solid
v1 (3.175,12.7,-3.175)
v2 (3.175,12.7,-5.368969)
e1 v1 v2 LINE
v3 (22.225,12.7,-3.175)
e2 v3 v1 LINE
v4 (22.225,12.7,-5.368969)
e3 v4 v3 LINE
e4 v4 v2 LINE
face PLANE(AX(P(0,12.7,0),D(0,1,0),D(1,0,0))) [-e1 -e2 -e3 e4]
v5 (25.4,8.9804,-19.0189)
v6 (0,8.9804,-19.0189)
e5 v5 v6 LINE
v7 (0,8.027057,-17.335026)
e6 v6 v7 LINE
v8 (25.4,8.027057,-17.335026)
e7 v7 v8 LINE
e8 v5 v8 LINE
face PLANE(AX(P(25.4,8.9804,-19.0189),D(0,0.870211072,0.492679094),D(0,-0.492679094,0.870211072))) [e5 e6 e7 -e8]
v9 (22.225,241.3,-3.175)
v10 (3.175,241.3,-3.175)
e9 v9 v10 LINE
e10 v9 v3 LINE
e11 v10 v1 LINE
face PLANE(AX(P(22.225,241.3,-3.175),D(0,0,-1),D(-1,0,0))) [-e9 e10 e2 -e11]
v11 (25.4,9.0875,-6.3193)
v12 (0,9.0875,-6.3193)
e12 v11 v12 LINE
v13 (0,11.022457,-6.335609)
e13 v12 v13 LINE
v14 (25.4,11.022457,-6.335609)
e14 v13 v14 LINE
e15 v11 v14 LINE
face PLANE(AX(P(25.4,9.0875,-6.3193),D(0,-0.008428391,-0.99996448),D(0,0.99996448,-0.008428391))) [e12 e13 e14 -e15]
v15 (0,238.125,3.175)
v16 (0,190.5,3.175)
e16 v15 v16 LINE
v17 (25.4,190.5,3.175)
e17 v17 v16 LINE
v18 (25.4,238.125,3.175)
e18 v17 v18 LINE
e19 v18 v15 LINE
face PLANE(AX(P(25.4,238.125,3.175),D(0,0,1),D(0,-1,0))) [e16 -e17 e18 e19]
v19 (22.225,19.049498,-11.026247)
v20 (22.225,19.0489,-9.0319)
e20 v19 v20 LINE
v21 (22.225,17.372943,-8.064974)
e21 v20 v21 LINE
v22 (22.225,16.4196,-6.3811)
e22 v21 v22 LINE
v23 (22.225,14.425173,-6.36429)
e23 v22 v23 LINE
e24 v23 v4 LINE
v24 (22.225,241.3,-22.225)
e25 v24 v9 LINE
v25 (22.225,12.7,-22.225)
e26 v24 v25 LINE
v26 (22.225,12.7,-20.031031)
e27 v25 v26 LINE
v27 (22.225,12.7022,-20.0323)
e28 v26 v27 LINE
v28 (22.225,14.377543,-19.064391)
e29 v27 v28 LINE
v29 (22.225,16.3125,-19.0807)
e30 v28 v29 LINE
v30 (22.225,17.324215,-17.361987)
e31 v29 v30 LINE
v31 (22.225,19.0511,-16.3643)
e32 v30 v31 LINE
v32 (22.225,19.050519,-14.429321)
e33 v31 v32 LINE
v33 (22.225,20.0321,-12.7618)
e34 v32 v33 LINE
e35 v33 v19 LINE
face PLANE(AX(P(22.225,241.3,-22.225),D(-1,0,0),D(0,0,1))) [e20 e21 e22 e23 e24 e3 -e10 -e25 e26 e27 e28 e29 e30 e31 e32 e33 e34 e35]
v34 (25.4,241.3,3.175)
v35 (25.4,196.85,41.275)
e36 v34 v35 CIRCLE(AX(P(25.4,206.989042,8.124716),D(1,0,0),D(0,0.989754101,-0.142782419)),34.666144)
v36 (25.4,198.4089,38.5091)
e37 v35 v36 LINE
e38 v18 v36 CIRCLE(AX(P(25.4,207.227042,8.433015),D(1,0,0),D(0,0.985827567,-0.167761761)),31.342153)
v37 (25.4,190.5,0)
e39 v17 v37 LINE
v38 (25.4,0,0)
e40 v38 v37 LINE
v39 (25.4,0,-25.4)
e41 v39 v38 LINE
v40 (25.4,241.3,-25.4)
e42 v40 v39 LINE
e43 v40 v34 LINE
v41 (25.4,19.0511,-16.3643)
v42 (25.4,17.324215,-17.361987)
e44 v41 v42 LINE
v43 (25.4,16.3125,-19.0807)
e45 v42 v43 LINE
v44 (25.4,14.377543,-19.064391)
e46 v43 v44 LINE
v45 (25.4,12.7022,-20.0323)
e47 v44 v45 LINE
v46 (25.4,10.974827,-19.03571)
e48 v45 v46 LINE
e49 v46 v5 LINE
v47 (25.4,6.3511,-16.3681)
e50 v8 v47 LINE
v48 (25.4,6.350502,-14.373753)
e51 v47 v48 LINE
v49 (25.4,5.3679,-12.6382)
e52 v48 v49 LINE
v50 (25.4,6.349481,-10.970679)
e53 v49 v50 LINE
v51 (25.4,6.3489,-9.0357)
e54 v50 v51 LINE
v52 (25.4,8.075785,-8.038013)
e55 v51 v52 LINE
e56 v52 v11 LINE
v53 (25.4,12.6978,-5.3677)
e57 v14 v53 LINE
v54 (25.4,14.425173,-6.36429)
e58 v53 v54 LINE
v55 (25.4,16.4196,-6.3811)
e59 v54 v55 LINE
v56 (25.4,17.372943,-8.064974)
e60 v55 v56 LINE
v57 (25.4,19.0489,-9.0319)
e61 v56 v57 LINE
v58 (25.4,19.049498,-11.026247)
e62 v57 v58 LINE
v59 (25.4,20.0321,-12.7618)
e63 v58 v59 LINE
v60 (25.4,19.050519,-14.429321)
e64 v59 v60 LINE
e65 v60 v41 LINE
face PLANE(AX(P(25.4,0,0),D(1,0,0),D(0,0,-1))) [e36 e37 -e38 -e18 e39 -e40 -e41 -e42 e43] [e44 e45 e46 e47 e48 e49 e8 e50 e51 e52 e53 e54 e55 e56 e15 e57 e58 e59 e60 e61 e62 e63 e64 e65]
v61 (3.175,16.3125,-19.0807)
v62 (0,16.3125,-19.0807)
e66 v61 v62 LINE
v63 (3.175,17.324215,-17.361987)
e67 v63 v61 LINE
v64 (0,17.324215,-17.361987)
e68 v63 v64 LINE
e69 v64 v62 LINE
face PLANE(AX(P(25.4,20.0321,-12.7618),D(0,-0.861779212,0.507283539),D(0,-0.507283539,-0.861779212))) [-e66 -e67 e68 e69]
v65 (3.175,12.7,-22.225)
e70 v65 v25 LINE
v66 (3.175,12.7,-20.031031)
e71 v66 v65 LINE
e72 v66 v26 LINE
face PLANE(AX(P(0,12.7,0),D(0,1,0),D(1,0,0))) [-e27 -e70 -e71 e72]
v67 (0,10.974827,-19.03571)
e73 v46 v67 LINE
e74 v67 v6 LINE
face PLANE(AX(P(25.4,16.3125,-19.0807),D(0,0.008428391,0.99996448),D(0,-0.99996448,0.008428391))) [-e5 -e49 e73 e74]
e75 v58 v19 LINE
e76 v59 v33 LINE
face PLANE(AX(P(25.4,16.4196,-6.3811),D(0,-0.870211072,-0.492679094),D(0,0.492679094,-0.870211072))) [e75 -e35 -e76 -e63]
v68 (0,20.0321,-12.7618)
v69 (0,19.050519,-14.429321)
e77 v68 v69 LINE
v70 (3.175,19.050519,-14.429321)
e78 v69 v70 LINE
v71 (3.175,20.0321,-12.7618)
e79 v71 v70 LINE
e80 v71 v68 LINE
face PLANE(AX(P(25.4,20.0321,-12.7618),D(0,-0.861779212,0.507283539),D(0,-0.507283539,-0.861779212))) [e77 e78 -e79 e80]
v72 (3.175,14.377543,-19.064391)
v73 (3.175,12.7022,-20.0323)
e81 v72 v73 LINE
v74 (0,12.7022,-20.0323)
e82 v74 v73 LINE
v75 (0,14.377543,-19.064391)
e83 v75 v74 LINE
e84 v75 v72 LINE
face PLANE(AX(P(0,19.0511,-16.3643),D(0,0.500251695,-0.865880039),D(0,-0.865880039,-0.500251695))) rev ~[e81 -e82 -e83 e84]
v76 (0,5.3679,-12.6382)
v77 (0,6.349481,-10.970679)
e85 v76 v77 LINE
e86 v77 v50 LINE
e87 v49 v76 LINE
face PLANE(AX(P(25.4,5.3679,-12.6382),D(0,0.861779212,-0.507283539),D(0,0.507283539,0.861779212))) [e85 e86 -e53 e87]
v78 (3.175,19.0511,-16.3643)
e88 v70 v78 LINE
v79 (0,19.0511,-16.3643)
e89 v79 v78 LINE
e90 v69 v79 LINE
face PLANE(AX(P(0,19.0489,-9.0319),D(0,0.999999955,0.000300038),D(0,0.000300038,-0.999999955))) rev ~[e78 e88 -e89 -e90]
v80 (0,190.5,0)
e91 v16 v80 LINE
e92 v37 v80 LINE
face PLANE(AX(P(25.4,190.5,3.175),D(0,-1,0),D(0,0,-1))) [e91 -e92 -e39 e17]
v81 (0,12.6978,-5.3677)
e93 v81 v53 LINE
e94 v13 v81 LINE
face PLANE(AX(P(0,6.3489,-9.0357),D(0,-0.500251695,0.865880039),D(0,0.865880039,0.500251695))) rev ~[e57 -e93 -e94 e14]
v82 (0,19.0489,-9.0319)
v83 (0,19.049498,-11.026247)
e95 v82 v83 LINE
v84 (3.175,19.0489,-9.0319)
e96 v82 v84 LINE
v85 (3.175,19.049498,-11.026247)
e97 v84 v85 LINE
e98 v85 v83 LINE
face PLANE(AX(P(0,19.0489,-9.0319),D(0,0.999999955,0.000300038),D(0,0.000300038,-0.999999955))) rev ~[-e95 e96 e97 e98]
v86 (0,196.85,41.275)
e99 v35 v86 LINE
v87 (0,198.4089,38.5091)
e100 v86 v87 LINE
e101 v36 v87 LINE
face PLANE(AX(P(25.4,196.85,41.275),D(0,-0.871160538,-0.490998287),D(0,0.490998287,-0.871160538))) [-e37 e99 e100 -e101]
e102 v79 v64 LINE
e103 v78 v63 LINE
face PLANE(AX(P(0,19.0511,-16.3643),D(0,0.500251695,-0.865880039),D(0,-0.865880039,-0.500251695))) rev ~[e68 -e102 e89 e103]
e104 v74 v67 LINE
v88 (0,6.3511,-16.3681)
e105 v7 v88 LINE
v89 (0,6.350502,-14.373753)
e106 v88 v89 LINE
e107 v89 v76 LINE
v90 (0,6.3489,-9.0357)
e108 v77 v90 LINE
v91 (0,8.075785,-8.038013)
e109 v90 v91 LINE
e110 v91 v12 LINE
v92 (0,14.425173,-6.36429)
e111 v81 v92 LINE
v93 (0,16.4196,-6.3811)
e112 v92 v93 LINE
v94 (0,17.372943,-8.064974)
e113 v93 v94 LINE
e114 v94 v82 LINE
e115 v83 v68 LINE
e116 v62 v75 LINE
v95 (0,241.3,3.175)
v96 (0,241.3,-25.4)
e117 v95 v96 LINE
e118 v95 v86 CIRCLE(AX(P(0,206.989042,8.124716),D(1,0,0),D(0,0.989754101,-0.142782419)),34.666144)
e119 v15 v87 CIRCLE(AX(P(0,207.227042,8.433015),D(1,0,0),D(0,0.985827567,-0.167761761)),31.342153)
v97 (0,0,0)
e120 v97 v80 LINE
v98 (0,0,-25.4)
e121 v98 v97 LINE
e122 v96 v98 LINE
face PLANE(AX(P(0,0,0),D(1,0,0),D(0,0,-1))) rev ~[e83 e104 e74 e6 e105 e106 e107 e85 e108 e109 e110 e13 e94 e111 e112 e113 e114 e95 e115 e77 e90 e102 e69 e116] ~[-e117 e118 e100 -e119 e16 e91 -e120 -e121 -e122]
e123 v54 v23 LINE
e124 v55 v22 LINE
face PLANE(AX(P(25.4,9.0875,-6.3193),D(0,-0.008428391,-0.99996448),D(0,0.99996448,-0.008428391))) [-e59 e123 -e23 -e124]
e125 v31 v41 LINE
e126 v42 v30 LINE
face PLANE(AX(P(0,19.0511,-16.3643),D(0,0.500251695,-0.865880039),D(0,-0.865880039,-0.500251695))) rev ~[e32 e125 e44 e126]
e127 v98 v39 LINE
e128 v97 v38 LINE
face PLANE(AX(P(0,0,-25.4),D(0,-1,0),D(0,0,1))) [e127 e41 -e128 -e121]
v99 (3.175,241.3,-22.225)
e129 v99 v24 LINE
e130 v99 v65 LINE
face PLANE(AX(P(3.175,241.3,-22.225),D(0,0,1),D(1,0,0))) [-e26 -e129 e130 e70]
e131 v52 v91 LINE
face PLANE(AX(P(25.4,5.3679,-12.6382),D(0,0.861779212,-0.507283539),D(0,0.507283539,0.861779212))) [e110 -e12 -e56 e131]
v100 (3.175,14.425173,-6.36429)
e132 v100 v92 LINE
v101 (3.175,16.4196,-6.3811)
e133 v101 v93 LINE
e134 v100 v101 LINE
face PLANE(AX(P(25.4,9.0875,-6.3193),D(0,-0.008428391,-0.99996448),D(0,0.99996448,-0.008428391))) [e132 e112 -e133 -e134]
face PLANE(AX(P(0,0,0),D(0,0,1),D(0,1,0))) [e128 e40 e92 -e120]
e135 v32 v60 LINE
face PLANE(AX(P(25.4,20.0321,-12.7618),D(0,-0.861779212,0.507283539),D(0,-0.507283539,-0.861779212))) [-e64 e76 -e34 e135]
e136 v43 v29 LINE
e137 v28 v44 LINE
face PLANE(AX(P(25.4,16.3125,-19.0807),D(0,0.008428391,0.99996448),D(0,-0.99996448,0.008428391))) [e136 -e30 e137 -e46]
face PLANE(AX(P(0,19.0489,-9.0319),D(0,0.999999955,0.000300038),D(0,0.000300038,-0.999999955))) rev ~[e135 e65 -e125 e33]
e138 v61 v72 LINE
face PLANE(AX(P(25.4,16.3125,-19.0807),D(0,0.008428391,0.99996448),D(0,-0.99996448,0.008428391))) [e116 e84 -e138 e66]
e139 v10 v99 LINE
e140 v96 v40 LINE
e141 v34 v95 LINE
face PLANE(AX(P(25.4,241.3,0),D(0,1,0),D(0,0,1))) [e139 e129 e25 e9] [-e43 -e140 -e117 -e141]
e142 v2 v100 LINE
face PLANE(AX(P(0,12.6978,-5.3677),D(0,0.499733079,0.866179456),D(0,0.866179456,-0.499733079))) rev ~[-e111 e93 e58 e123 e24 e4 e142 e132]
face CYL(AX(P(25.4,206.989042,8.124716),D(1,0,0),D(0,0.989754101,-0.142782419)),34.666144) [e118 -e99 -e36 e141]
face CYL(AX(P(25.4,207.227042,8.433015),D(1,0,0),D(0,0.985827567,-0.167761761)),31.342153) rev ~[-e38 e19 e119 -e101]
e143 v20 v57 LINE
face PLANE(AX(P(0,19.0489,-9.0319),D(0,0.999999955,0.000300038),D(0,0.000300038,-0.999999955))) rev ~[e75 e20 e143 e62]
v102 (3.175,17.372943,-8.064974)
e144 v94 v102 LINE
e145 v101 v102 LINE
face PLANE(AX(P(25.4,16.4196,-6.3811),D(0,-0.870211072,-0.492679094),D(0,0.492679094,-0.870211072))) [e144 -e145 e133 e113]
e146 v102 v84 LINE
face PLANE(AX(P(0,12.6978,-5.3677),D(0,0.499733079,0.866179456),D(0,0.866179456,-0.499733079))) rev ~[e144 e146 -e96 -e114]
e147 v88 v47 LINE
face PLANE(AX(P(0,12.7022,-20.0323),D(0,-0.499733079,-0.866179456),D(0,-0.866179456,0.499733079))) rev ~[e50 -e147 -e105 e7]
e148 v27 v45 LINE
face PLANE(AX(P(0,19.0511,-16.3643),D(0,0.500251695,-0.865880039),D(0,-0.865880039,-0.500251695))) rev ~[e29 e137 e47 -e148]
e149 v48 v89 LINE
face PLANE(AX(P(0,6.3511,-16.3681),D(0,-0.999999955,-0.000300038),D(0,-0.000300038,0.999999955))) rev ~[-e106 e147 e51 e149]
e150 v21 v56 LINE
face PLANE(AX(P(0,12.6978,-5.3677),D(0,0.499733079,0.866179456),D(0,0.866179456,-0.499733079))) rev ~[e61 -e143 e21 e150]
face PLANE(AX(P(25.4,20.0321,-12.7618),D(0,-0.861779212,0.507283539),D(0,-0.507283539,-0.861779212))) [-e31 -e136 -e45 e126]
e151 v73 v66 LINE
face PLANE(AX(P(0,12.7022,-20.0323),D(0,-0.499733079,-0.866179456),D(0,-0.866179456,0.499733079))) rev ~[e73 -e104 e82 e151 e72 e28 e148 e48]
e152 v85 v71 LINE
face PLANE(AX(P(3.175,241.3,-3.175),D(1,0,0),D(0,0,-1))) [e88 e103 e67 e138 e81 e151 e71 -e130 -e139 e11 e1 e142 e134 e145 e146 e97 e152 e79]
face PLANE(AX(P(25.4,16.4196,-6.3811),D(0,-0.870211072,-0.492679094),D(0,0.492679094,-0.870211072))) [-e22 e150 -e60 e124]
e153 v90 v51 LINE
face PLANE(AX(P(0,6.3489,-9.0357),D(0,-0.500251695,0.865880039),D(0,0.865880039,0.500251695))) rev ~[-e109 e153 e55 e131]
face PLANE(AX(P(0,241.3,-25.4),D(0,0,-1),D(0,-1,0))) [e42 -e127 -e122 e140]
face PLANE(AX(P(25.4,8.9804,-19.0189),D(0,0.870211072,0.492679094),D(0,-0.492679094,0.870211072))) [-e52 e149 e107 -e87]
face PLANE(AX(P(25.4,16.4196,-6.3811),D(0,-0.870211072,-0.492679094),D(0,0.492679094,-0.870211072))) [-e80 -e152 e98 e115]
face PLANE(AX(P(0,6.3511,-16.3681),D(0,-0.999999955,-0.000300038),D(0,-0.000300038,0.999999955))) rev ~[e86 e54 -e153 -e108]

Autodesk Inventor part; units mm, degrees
ref_plane "YZ Plane" through (0, 0, 0) normal (1, 0, 0) x (0, 1, 0)
ref_plane "XZ Plane" through (0, 0, 0) normal (0, 1, 0) x (-1, 0, 0)
ref_plane "XY Plane" through (0, 0, 0) normal (0, 0, 1) x (1, 0, 0)
sketch "Sketch1" plane through (0, 0, 0) normal (1, 0, 0) x (0, 1, 0)
  line L0 (0, 0) -> (241.3, 0)
  line L1 (241.3, 0) -> (241.3, -25.4)
  line L2 (241.3, -25.4) -> (0, -25.4)
  line L3 (0, -25.4) -> (0, 0)
  line L4 (6.3489, -9.0357) -> (12.6978, -5.3677)
  line L5 (12.6978, -5.3677) -> (19.0489, -9.0319)
  line L6 (19.0489, -9.0319) -> (19.0511, -16.3643)
  line L7 (19.0511, -16.3643) -> (12.7022, -20.0323)
  line L8 (12.7022, -20.0323) -> (6.3511, -16.3681)
  line L9 (6.3511, -16.3681) -> (6.3489, -9.0357)
  point P0 (12.7, -12.7)
  dimension "d0" = 241.3
  dimension "d1" = 25.4
  dimension "d3" = 12.7
  dimension "d4" = 12.7
extrude "Extrusion1" add sketch "Sketch1" along normal blind 25.4
sketch "Sketch2" plane through (0, 241.3, 0) normal (0, 1, 0) x (1, 0, 0)
  line L0 (0, 25.4) -> (25.4, 25.4) projected
  line L1 (0, 0) -> (25.4, 0)
  line L2 (25.4, 0) -> (25.4, 25.4)
  line L3 (25.4, 25.4) -> (0, 25.4)
  line L4 (0, 25.4) -> (0, 0)
  line L5 (22.225, 3.175) -> (3.175, 3.175)
  line L6 (3.175, 3.175) -> (3.175, 22.225)
  line L7 (3.175, 22.225) -> (22.225, 22.225)
  line L8 (22.225, 22.225) -> (22.225, 3.175)
  dimension "d7" = 3.175
extrude "Extrusion2" cut sketch "Sketch2" against normal blind 228.6 contours L5 L6 L7 L8
sketch "Sketch3" plane through (25.4, 0, 0) normal (1, 0, 0) x (0, 0, -1)
  line L0 (0, 241.3) -> (0, 190.5)
  line L1 (0, 0) -> (0, 241.3) projected
  line L2 (0, 241.3) -> (-3.175, 241.3)
  line L3 (-3.175, 241.3) -> (-3.175, 190.5)
  line L4 (-3.175, 190.5) -> (0, 190.5)
  line L5 (0, 190.5) -> (0, 241.3)
  arc A0 (-3.175, 241.3) -> (-46.143, 196.9282) centre (-8.4506, 203.4185) ccw
  line L6 (-3.175, 241.3) -> (-3.175, 238.125)
  arc A1 (-3.175, 238.125) -> (-42.9327, 197.9157) centre (-7.6224, 202.7623) ccw
  line L7 (-42.9327, 197.9157) -> (-46.143, 196.9282)
  dimension "d11" = 50.8
  dimension "d13" = 3.175
  dimension "d15" = 3.175
extrude "Extrusion3" add sketch "Sketch3" against normal blind 25.4 contours L0 L4 L3 L2
sketch "Sketch4" plane through (25.4, 0, 0) normal (1, 0, 0) x (0, 0, -1)
  point P0 (0, 0)
sketch "Sketch5" plane through (25.4, 0, 0) normal (1, 0, 0) x (0, 0, -1)
  line L0 (-3.175, 241.3) -> (-3.175, 190.5) projected
  line L1 (-3.175, 241.3) -> (-3.175, 196.85)
  line L2 (-3.175, 196.85) -> (-41.275, 196.85)
  arc A0 (-3.175, 241.3) -> (-41.275, 196.85) centre (-8.1247, 206.989) ccw
  line L3 (-41.275, 196.85) -> (-38.5091, 198.4089)
  line L4 (-3.175, 241.3) -> (-3.175, 238.125)
  arc A1 (-3.175, 238.125) -> (-38.5091, 198.4089) centre (-8.433, 207.227) ccw
  point P0 (0, 0)
  dimension "d18" = 44.45
  dimension "d19" = 38.1
  dimension "d20" = 3.175
  dimension "d21" = 3.175
extrude "Extrusion4" add sketch "Sketch5" against normal blind 25.4 contours L0 A1 L3 A0
sketch "Sketch6" plane through (25.4, 0, 0) normal (1, 0, 0) x (0, 0, -1)
  line L0 (0, 0) -> (25.4, 0) projected
  line L1 (25.4, 0) -> (25.4, 241.3) projected
  line L2 (12.7618, 20.0321) -> (19.0807, 16.3125)
  line L3 (19.0807, 16.3125) -> (19.0189, 8.9804)
  line L4 (19.0189, 8.9804) -> (12.6382, 5.3679)
  line L5 (12.6382, 5.3679) -> (6.3193, 9.0875)
  line L6 (6.3193, 9.0875) -> (6.3811, 16.4196)
  line L7 (6.3811, 16.4196) -> (12.7618, 20.0321)
  point P0 (12.7, 12.7)
  point P1 (12.7, 12.7)
  dimension "d25" = 12.7
  dimension "d26" = 12.7
  dimension "d27" = 12.7
extrude "Extrusion5" cut sketch "Sketch6" against normal blind 25.4
properties part number "claw"
